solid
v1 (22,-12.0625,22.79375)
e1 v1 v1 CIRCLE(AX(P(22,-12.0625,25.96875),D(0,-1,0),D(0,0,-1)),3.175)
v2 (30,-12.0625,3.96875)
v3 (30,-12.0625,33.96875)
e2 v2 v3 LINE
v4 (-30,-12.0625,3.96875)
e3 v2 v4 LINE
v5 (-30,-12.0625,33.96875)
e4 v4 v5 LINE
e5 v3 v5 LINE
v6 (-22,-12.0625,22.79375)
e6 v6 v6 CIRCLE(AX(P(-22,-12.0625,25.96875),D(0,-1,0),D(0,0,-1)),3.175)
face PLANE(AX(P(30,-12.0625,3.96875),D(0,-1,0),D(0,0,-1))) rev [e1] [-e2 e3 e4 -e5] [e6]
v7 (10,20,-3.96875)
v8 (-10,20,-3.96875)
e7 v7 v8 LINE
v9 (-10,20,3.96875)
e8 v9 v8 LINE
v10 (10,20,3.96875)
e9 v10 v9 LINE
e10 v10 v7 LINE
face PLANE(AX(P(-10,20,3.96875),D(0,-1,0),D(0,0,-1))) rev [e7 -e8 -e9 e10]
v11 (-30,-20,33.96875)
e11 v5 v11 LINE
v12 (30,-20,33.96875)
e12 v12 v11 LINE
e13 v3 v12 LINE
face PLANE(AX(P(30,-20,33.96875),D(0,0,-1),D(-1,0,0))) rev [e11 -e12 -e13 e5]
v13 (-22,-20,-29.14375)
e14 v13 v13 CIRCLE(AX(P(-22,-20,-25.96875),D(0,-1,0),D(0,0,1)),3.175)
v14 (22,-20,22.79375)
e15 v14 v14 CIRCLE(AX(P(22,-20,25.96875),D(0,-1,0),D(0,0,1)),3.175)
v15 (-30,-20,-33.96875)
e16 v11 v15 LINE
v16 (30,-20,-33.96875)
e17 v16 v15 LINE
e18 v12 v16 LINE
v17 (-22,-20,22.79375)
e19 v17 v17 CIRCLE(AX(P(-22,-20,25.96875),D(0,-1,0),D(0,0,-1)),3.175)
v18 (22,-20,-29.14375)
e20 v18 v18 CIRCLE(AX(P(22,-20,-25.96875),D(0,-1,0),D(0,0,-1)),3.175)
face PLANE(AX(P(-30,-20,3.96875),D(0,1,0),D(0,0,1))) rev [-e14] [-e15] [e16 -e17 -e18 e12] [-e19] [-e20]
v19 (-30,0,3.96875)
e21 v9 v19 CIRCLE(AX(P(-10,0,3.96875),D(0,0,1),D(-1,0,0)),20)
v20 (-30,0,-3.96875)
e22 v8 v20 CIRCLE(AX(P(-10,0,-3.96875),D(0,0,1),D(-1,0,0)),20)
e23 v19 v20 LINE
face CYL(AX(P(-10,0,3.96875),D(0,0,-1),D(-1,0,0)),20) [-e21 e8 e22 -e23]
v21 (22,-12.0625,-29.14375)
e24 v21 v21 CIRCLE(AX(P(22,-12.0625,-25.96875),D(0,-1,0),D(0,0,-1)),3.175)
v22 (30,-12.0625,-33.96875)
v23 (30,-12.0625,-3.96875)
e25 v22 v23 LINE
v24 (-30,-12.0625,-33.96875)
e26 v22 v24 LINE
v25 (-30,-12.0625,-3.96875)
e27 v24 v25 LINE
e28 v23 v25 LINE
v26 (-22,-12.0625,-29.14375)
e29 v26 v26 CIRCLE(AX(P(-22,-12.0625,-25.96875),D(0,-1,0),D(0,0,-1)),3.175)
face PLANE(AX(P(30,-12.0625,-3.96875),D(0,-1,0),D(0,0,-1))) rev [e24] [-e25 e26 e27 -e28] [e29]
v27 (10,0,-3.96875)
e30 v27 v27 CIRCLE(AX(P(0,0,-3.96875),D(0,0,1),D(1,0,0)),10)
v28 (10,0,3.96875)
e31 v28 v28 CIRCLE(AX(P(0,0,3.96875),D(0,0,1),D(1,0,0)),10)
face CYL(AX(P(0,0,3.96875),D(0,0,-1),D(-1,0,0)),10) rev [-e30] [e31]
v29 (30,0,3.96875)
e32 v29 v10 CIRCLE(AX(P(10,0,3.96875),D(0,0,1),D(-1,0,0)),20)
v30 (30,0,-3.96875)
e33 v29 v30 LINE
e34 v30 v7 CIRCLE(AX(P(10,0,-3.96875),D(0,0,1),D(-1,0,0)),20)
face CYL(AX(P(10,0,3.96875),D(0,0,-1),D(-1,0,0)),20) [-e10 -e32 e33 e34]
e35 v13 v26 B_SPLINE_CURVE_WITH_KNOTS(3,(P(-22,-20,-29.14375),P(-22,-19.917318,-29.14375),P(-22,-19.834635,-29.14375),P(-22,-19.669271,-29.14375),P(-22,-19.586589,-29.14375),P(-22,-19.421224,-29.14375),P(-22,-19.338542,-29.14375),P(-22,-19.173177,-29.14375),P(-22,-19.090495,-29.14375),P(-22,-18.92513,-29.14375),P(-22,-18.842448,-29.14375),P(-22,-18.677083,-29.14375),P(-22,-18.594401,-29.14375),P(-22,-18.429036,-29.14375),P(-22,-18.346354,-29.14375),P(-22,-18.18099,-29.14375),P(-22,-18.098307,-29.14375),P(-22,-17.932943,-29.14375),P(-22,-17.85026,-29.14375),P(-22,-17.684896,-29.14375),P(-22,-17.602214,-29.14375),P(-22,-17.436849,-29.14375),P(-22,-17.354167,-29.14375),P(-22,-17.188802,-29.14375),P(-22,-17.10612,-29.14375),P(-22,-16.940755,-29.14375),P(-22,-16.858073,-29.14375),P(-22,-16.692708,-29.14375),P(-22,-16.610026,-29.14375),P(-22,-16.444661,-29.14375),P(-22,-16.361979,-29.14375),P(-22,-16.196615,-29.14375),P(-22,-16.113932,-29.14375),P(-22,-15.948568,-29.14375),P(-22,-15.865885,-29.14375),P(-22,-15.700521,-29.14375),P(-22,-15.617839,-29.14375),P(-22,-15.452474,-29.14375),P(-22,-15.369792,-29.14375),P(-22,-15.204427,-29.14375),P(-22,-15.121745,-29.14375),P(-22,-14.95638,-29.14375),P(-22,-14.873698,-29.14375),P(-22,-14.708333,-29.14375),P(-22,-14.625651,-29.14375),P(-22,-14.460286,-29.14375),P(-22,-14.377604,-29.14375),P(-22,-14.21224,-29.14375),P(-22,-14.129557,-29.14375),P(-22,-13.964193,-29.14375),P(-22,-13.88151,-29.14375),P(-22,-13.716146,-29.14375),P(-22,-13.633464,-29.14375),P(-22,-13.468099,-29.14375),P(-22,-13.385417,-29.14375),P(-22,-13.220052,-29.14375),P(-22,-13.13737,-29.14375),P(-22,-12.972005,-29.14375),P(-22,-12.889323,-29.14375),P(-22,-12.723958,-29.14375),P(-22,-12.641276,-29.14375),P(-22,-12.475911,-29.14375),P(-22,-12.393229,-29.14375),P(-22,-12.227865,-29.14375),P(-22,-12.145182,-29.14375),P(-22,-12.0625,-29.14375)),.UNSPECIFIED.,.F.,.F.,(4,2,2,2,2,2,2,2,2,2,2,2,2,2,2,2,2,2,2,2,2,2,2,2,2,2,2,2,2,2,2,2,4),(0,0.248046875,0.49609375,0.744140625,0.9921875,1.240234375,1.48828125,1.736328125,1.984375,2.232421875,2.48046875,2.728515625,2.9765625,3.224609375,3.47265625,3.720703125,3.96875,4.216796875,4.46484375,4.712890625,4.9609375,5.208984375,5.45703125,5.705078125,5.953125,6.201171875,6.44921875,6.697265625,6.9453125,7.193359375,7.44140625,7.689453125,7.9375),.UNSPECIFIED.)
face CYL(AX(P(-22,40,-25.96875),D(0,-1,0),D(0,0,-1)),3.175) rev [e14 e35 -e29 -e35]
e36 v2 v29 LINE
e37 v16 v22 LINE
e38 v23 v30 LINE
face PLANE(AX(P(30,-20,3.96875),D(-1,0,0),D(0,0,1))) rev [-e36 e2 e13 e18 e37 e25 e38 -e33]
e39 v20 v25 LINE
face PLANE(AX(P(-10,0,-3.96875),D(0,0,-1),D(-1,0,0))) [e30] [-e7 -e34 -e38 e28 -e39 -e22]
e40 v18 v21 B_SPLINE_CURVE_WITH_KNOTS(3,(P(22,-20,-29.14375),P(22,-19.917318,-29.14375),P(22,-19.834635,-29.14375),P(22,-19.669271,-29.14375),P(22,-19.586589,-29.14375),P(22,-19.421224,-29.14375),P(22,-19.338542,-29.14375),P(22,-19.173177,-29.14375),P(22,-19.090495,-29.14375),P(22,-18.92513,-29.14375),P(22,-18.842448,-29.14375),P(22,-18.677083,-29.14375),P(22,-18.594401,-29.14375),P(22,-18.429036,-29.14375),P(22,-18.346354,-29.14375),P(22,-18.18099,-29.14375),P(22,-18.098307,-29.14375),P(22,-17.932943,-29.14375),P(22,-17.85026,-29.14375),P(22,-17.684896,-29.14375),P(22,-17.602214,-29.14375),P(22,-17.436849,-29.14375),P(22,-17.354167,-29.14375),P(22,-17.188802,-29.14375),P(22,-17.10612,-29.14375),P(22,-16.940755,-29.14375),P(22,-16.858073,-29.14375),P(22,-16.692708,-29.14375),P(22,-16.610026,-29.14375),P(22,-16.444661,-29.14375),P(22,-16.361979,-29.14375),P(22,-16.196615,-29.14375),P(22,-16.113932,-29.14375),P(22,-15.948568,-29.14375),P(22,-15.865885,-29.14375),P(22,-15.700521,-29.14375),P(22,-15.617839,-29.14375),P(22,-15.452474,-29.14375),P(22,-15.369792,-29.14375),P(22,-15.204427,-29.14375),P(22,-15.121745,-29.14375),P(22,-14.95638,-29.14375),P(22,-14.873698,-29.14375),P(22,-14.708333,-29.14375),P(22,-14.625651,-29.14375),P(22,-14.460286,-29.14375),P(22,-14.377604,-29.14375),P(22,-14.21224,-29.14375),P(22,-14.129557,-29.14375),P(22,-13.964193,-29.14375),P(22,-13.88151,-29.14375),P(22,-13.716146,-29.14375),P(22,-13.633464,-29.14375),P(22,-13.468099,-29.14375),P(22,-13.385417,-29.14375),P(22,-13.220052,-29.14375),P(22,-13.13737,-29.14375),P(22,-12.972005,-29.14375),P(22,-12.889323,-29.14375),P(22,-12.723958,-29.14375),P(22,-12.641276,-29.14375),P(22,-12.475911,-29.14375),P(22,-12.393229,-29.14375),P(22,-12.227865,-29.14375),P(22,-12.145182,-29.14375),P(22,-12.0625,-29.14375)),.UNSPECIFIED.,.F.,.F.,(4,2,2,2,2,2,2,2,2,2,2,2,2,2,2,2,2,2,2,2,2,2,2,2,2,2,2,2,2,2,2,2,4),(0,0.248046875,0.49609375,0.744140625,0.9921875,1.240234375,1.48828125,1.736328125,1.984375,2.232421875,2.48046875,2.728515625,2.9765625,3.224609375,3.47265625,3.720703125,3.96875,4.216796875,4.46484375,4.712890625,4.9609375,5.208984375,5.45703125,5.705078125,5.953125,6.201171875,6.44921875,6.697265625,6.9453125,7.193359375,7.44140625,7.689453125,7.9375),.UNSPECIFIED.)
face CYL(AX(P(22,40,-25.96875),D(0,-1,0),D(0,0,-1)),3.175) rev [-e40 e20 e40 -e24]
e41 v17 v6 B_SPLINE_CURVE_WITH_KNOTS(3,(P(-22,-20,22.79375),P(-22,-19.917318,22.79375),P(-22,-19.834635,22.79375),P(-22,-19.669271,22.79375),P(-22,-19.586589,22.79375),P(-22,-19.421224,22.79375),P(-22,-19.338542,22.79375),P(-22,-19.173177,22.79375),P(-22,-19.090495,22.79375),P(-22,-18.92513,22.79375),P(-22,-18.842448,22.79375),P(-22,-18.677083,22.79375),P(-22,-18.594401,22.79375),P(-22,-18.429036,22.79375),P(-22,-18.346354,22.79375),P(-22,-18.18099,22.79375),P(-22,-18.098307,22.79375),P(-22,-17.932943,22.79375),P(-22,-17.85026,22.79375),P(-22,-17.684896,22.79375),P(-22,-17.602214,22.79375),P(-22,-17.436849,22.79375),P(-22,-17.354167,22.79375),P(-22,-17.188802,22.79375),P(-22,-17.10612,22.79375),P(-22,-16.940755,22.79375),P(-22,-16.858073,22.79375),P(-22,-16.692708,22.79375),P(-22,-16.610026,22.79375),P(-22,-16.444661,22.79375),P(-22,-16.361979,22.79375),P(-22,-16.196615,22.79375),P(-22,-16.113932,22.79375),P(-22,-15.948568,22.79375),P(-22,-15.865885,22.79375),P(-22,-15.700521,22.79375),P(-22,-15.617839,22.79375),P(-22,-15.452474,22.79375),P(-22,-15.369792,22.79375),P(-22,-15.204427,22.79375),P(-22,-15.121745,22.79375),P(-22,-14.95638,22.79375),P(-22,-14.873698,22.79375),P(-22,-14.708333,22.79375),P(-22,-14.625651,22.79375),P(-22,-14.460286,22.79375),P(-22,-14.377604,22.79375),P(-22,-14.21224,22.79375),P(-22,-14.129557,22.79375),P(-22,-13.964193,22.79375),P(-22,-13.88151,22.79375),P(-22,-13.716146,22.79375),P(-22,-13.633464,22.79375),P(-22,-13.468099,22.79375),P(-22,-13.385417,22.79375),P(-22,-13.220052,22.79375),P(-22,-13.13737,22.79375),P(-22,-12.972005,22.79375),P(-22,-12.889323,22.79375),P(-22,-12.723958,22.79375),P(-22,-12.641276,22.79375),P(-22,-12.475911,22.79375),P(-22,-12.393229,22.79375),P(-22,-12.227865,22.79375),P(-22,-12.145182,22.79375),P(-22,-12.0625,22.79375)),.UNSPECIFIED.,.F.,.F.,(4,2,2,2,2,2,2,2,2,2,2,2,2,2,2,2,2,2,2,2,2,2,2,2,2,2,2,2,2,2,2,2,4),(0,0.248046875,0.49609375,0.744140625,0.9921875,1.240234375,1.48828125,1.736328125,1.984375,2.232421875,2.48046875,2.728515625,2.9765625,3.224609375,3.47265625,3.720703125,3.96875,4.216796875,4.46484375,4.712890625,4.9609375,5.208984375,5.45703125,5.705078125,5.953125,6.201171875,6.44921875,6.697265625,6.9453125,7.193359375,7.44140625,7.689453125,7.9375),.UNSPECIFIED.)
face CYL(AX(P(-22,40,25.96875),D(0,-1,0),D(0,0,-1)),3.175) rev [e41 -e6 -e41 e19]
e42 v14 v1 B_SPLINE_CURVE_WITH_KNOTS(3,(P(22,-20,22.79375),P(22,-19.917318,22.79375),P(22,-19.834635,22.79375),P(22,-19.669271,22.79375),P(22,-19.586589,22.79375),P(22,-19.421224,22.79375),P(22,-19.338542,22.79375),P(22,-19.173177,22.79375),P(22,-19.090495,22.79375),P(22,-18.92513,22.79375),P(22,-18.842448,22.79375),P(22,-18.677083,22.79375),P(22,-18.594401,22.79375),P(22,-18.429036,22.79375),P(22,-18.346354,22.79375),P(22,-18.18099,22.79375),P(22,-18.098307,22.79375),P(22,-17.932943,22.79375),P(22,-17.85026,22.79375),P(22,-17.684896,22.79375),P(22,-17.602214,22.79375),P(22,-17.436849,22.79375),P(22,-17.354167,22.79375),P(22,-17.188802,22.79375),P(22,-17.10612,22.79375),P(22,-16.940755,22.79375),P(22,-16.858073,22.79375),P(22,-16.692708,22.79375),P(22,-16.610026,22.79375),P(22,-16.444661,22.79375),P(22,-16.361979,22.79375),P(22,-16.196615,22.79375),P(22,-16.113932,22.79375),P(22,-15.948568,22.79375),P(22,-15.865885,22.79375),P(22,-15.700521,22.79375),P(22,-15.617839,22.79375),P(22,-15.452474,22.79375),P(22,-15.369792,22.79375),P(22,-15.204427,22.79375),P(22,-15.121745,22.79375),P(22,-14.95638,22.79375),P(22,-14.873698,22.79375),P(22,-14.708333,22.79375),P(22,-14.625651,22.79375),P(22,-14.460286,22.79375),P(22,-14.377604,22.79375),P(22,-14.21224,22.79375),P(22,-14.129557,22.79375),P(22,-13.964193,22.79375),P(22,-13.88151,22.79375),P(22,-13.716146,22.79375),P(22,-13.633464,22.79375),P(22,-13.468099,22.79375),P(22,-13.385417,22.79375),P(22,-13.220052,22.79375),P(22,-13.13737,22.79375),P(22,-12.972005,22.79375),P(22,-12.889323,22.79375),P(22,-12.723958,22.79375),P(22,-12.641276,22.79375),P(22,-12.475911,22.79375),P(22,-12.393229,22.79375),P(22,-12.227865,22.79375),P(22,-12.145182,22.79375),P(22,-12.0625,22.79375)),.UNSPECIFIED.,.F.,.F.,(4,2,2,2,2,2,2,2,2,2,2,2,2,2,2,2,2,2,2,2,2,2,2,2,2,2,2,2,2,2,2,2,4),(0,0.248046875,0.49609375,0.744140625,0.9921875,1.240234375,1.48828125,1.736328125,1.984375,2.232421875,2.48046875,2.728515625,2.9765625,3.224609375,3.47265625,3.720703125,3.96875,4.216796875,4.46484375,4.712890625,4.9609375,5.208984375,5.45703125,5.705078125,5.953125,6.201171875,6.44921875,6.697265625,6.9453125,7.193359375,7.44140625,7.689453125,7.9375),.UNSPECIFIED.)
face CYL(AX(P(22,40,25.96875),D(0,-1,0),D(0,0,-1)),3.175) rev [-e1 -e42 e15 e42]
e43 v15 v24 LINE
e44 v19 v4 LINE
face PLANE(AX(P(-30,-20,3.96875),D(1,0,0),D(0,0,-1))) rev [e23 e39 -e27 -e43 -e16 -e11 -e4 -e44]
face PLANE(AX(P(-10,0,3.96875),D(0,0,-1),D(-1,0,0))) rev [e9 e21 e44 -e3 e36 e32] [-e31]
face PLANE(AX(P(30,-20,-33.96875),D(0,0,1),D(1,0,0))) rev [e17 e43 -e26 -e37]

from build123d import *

# Parameters (mm, degrees)
CROQUIS1_R              = 10
SALIENTE_EXTRUIR1_DEPTH = 3.96875
CROQUIS3_W              = 30
CROQUIS3_H              = 7.9375
SALIENTE_EXTRUIR2_DEPTH = 30
CROQUIS4_R              = 3.175
CORTAR_EXTRUIR1_DEPTH   = 60


with BuildPart() as part:
    # Croquis1 → Saliente-Extruir1 (new, symmetric)
    with BuildSketch(Plane.XY):
        with BuildLine():
            Line((-30, -20), (30, -20))
            Line((30, -20), (30, 0))
            ThreePointArc((30, 0), (24.142135624, 14.142135624), (10, 20))
            Line((10, 20), (-10, 20))
            ThreePointArc((-10, 20), (-24.142135624, 14.142135624), (-30, 0))
            Line((-30, 0), (-30, -20))
        make_face()
        Circle(CROQUIS1_R, mode=Mode.SUBTRACT)
    extrude(amount=SALIENTE_EXTRUIR1_DEPTH, both=True)

    # Croquis3 → Saliente-Extruir2 (add, symmetric)
    with BuildSketch(Plane(origin=(0, 0, 0), x_dir=(0, 0, -1), z_dir=(1, 0, 0))):
        with Locations((-18.96875, -16.03125)):
            Rectangle(CROQUIS3_W, CROQUIS3_H)
        with Locations((18.96875, -16.03125)):
            Rectangle(CROQUIS3_W, CROQUIS3_H)
    extrude(amount=SALIENTE_EXTRUIR2_DEPTH, both=True)

    # Croquis4 → Cortar-Extruir1 (cut)
    with BuildSketch(Plane.XZ.offset(20)):
        with Locations(Location((-22, 25.96875, 0), (0, 0, 270))):
            Circle(CROQUIS4_R)
        with Locations(Location((22, 25.96875, 0), (0, 0, 270))):
            Circle(CROQUIS4_R)
        with Locations(Location((22, -25.96875, 0), (0, 0, 270))):
            Circle(CROQUIS4_R)
        with Locations(Location((-22, -25.96875, 0), (0, 0, 270))):
            Circle(CROQUIS4_R)
    extrude(amount=-CORTAR_EXTRUIR1_DEPTH, mode=Mode.SUBTRACT)


solid = part.part
